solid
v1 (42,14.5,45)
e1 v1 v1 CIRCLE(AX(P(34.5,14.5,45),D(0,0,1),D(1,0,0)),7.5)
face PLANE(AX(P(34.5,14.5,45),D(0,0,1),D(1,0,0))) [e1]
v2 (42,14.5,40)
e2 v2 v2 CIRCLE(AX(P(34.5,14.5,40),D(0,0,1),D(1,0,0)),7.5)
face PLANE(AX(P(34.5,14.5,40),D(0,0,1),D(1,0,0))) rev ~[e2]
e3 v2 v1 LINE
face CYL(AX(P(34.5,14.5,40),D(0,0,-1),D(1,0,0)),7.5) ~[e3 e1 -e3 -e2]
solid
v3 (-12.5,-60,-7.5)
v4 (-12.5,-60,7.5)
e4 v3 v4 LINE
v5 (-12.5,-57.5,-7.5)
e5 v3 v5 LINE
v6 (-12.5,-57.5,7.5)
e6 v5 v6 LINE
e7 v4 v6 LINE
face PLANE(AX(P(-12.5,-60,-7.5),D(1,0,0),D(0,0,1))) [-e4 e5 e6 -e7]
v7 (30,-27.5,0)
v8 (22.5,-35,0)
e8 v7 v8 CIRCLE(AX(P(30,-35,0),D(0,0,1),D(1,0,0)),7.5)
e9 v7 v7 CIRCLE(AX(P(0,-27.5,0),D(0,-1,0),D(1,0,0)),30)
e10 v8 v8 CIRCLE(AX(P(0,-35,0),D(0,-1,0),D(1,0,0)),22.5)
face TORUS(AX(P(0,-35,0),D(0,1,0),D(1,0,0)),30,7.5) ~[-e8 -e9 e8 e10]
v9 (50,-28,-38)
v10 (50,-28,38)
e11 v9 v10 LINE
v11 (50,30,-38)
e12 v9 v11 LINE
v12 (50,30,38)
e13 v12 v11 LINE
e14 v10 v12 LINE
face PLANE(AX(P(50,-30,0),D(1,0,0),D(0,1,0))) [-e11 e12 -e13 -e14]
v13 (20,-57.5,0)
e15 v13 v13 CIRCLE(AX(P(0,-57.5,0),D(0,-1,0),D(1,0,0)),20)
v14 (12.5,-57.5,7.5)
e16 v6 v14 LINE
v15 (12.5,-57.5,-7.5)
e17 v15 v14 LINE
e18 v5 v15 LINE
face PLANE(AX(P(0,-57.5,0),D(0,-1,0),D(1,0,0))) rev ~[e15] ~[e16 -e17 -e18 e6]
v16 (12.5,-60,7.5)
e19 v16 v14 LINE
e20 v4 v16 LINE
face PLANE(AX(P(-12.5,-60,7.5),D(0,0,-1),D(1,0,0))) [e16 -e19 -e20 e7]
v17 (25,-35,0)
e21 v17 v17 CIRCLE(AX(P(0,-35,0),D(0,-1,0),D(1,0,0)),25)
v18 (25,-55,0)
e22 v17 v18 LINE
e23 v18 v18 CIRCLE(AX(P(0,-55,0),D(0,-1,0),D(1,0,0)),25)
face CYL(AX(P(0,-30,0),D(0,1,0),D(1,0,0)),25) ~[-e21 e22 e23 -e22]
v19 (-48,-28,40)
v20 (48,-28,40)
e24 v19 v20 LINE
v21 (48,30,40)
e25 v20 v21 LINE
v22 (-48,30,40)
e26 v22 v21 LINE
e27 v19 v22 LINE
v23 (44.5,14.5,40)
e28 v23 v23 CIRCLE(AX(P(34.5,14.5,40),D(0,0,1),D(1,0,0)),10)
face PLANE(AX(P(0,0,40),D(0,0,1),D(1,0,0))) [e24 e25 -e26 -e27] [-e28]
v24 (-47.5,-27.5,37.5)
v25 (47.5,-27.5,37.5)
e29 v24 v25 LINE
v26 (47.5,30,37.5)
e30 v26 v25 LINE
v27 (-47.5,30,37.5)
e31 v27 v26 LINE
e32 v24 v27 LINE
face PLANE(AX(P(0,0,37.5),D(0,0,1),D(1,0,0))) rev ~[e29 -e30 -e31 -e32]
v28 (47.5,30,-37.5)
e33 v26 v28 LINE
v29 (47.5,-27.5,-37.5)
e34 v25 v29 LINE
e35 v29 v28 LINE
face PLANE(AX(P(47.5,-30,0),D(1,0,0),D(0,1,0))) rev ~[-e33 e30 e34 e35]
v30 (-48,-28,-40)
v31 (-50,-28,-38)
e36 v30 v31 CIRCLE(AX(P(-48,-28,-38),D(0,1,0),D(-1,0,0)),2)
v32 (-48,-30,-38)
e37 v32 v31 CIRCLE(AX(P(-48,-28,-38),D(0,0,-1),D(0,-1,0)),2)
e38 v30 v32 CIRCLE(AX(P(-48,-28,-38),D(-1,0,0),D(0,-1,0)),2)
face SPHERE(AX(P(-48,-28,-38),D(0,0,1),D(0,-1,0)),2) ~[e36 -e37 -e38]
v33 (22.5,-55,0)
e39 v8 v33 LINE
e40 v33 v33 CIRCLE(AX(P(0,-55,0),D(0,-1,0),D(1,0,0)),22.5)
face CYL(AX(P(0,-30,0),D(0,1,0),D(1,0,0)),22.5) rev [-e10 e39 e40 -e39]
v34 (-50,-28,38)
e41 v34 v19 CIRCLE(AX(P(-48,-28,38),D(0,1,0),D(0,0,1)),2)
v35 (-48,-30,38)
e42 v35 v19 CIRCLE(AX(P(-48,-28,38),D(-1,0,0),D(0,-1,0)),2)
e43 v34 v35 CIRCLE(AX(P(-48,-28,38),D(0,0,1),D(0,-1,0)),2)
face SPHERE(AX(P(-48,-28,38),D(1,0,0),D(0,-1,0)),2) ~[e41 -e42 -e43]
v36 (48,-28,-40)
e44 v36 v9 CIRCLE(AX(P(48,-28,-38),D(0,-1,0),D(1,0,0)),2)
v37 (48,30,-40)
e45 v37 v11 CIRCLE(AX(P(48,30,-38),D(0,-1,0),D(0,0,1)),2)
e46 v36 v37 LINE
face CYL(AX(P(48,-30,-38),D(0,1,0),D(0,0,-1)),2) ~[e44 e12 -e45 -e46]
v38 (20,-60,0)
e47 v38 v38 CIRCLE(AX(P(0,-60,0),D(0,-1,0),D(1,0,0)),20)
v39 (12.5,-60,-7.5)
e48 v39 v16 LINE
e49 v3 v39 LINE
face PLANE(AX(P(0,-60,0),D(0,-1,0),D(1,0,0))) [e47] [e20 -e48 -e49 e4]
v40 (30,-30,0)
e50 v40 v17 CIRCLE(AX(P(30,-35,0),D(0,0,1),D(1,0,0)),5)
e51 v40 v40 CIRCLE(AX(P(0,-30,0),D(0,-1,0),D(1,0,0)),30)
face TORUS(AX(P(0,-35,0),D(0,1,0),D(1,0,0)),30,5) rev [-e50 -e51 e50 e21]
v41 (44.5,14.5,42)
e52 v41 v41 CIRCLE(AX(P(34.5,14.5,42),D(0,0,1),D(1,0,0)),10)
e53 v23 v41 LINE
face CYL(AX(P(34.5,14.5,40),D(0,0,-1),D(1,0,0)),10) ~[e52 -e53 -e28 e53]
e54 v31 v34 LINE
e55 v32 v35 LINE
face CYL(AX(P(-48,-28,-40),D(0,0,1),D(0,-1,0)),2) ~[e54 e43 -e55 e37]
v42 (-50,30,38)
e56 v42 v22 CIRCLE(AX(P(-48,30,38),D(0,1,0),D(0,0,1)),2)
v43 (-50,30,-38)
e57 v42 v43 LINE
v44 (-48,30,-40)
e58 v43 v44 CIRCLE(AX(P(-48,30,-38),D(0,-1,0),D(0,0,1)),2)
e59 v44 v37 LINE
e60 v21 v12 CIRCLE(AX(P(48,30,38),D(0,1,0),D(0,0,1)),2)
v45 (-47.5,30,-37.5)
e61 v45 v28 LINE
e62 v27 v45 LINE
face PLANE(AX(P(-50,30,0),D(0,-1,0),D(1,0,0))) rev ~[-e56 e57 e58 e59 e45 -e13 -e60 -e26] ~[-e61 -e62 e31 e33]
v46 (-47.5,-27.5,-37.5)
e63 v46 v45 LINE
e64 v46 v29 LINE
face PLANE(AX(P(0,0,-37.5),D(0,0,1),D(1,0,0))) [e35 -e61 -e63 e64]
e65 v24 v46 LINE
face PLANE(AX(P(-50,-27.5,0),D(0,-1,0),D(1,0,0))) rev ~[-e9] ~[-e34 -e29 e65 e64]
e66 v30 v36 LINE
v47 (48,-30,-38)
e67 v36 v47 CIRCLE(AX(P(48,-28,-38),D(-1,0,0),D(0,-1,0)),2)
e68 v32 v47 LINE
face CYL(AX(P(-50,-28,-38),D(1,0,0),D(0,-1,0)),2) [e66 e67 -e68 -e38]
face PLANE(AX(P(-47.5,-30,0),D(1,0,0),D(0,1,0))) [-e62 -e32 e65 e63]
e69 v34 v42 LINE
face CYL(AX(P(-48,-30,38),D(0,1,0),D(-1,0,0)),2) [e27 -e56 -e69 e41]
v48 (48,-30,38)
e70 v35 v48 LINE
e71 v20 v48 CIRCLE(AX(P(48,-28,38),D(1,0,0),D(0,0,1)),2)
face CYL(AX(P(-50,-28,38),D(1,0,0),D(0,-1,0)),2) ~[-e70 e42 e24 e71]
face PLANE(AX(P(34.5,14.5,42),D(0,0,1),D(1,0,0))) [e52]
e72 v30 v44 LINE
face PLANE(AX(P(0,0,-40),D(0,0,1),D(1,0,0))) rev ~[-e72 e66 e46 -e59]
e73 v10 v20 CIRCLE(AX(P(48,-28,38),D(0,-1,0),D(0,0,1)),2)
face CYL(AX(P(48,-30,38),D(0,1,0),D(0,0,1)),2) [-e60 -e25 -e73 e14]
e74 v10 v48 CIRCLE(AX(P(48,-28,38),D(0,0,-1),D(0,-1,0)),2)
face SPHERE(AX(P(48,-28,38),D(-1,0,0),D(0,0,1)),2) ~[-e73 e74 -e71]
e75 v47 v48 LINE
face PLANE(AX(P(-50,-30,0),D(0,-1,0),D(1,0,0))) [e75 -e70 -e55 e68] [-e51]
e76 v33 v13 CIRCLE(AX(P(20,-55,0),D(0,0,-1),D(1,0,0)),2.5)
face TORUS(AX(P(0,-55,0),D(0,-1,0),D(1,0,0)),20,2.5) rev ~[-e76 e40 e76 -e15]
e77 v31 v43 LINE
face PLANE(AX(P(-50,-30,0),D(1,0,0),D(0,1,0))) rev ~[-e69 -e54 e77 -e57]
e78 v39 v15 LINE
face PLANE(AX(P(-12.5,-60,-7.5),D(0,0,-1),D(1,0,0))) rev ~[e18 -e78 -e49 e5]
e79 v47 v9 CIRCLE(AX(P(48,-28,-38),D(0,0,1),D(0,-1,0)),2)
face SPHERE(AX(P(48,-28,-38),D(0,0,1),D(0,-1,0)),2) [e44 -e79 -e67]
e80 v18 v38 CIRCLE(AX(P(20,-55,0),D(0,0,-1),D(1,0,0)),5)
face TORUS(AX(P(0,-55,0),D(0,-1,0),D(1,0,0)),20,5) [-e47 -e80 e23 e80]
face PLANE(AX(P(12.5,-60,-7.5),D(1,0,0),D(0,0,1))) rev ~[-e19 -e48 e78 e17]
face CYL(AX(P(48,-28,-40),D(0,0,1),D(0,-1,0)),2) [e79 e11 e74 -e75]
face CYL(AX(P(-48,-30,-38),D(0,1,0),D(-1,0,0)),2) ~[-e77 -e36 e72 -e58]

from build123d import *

# Parameters (mm, degrees)
F0_W      = 100
F0_H      = 60
F1_DEPTH  = 40
F2_R      = 25
F3_DEPTH  = 30
F5_R      = 5
F6_T      = -2.5
F4_W      = 25
F4_H      = 15
F7_DEPTH  = 90.001
F8_R      = 2
F9_R      = 7.5
F10_DEPTH = 5
F11_R     = 10
F12_DEPTH = 2


with BuildPart() as f1:
    # F0 (on Top) → F1 (new body, symmetric)
    with BuildSketch(Plane.XY):
        Rectangle(F0_W, F0_H)
    extrude(amount=F1_DEPTH, both=True)

    # F2 (on face) → F3 (join)
    with BuildSketch(Plane.XZ.offset(30)):
        Circle(F2_R)
    extrude(amount=F3_DEPTH)

    # F5
    f5_edges = [f1.edges().sort_by_distance(p)[0] for p in [
        (-25, -60, 0),
        (-25, -30, 0),
    ]]
    fillet(f5_edges, radius=F5_R)

    # F6
    f6_openings = [f1.faces().sort_by_distance(p)[0] for p in [
        (0, 30, 0),
    ]]
    offset(amount=F6_T, openings=f6_openings)

    # F4 (on face) → F7 (cut, through all)
    with BuildSketch(Plane.XZ.offset(60)):
        Rectangle(F4_W, F4_H)
    extrude(amount=-F7_DEPTH, mode=Mode.SUBTRACT)

    # F8
    f8_edges = [f1.edges().sort_by_distance(p)[0] for p in [
        (0, -30, 40),
        (50, 0, 40),
        (50, -30, 0),
        (-50, -30, 0),
        (0, -30, -40),
        (-50, 0, -40),
        (50, 0, -40),
        (-50, 0, 40),
    ]]
    fillet(f8_edges, radius=F8_R)

    # F11 (on face) → F12 (join)
    with BuildSketch(Plane.XY.offset(40)):
        with Locations((34.5, 14.5)):
            Circle(F11_R)
    extrude(amount=F12_DEPTH)


with BuildPart() as f10:
    # F9 (on face) → F10 (new body)
    with BuildSketch(Plane.XY.offset(40)):
        with Locations((34.5, 14.5)):
            Circle(F9_R)
    extrude(amount=F10_DEPTH)


solid = Compound([f1.part, f10.part])
